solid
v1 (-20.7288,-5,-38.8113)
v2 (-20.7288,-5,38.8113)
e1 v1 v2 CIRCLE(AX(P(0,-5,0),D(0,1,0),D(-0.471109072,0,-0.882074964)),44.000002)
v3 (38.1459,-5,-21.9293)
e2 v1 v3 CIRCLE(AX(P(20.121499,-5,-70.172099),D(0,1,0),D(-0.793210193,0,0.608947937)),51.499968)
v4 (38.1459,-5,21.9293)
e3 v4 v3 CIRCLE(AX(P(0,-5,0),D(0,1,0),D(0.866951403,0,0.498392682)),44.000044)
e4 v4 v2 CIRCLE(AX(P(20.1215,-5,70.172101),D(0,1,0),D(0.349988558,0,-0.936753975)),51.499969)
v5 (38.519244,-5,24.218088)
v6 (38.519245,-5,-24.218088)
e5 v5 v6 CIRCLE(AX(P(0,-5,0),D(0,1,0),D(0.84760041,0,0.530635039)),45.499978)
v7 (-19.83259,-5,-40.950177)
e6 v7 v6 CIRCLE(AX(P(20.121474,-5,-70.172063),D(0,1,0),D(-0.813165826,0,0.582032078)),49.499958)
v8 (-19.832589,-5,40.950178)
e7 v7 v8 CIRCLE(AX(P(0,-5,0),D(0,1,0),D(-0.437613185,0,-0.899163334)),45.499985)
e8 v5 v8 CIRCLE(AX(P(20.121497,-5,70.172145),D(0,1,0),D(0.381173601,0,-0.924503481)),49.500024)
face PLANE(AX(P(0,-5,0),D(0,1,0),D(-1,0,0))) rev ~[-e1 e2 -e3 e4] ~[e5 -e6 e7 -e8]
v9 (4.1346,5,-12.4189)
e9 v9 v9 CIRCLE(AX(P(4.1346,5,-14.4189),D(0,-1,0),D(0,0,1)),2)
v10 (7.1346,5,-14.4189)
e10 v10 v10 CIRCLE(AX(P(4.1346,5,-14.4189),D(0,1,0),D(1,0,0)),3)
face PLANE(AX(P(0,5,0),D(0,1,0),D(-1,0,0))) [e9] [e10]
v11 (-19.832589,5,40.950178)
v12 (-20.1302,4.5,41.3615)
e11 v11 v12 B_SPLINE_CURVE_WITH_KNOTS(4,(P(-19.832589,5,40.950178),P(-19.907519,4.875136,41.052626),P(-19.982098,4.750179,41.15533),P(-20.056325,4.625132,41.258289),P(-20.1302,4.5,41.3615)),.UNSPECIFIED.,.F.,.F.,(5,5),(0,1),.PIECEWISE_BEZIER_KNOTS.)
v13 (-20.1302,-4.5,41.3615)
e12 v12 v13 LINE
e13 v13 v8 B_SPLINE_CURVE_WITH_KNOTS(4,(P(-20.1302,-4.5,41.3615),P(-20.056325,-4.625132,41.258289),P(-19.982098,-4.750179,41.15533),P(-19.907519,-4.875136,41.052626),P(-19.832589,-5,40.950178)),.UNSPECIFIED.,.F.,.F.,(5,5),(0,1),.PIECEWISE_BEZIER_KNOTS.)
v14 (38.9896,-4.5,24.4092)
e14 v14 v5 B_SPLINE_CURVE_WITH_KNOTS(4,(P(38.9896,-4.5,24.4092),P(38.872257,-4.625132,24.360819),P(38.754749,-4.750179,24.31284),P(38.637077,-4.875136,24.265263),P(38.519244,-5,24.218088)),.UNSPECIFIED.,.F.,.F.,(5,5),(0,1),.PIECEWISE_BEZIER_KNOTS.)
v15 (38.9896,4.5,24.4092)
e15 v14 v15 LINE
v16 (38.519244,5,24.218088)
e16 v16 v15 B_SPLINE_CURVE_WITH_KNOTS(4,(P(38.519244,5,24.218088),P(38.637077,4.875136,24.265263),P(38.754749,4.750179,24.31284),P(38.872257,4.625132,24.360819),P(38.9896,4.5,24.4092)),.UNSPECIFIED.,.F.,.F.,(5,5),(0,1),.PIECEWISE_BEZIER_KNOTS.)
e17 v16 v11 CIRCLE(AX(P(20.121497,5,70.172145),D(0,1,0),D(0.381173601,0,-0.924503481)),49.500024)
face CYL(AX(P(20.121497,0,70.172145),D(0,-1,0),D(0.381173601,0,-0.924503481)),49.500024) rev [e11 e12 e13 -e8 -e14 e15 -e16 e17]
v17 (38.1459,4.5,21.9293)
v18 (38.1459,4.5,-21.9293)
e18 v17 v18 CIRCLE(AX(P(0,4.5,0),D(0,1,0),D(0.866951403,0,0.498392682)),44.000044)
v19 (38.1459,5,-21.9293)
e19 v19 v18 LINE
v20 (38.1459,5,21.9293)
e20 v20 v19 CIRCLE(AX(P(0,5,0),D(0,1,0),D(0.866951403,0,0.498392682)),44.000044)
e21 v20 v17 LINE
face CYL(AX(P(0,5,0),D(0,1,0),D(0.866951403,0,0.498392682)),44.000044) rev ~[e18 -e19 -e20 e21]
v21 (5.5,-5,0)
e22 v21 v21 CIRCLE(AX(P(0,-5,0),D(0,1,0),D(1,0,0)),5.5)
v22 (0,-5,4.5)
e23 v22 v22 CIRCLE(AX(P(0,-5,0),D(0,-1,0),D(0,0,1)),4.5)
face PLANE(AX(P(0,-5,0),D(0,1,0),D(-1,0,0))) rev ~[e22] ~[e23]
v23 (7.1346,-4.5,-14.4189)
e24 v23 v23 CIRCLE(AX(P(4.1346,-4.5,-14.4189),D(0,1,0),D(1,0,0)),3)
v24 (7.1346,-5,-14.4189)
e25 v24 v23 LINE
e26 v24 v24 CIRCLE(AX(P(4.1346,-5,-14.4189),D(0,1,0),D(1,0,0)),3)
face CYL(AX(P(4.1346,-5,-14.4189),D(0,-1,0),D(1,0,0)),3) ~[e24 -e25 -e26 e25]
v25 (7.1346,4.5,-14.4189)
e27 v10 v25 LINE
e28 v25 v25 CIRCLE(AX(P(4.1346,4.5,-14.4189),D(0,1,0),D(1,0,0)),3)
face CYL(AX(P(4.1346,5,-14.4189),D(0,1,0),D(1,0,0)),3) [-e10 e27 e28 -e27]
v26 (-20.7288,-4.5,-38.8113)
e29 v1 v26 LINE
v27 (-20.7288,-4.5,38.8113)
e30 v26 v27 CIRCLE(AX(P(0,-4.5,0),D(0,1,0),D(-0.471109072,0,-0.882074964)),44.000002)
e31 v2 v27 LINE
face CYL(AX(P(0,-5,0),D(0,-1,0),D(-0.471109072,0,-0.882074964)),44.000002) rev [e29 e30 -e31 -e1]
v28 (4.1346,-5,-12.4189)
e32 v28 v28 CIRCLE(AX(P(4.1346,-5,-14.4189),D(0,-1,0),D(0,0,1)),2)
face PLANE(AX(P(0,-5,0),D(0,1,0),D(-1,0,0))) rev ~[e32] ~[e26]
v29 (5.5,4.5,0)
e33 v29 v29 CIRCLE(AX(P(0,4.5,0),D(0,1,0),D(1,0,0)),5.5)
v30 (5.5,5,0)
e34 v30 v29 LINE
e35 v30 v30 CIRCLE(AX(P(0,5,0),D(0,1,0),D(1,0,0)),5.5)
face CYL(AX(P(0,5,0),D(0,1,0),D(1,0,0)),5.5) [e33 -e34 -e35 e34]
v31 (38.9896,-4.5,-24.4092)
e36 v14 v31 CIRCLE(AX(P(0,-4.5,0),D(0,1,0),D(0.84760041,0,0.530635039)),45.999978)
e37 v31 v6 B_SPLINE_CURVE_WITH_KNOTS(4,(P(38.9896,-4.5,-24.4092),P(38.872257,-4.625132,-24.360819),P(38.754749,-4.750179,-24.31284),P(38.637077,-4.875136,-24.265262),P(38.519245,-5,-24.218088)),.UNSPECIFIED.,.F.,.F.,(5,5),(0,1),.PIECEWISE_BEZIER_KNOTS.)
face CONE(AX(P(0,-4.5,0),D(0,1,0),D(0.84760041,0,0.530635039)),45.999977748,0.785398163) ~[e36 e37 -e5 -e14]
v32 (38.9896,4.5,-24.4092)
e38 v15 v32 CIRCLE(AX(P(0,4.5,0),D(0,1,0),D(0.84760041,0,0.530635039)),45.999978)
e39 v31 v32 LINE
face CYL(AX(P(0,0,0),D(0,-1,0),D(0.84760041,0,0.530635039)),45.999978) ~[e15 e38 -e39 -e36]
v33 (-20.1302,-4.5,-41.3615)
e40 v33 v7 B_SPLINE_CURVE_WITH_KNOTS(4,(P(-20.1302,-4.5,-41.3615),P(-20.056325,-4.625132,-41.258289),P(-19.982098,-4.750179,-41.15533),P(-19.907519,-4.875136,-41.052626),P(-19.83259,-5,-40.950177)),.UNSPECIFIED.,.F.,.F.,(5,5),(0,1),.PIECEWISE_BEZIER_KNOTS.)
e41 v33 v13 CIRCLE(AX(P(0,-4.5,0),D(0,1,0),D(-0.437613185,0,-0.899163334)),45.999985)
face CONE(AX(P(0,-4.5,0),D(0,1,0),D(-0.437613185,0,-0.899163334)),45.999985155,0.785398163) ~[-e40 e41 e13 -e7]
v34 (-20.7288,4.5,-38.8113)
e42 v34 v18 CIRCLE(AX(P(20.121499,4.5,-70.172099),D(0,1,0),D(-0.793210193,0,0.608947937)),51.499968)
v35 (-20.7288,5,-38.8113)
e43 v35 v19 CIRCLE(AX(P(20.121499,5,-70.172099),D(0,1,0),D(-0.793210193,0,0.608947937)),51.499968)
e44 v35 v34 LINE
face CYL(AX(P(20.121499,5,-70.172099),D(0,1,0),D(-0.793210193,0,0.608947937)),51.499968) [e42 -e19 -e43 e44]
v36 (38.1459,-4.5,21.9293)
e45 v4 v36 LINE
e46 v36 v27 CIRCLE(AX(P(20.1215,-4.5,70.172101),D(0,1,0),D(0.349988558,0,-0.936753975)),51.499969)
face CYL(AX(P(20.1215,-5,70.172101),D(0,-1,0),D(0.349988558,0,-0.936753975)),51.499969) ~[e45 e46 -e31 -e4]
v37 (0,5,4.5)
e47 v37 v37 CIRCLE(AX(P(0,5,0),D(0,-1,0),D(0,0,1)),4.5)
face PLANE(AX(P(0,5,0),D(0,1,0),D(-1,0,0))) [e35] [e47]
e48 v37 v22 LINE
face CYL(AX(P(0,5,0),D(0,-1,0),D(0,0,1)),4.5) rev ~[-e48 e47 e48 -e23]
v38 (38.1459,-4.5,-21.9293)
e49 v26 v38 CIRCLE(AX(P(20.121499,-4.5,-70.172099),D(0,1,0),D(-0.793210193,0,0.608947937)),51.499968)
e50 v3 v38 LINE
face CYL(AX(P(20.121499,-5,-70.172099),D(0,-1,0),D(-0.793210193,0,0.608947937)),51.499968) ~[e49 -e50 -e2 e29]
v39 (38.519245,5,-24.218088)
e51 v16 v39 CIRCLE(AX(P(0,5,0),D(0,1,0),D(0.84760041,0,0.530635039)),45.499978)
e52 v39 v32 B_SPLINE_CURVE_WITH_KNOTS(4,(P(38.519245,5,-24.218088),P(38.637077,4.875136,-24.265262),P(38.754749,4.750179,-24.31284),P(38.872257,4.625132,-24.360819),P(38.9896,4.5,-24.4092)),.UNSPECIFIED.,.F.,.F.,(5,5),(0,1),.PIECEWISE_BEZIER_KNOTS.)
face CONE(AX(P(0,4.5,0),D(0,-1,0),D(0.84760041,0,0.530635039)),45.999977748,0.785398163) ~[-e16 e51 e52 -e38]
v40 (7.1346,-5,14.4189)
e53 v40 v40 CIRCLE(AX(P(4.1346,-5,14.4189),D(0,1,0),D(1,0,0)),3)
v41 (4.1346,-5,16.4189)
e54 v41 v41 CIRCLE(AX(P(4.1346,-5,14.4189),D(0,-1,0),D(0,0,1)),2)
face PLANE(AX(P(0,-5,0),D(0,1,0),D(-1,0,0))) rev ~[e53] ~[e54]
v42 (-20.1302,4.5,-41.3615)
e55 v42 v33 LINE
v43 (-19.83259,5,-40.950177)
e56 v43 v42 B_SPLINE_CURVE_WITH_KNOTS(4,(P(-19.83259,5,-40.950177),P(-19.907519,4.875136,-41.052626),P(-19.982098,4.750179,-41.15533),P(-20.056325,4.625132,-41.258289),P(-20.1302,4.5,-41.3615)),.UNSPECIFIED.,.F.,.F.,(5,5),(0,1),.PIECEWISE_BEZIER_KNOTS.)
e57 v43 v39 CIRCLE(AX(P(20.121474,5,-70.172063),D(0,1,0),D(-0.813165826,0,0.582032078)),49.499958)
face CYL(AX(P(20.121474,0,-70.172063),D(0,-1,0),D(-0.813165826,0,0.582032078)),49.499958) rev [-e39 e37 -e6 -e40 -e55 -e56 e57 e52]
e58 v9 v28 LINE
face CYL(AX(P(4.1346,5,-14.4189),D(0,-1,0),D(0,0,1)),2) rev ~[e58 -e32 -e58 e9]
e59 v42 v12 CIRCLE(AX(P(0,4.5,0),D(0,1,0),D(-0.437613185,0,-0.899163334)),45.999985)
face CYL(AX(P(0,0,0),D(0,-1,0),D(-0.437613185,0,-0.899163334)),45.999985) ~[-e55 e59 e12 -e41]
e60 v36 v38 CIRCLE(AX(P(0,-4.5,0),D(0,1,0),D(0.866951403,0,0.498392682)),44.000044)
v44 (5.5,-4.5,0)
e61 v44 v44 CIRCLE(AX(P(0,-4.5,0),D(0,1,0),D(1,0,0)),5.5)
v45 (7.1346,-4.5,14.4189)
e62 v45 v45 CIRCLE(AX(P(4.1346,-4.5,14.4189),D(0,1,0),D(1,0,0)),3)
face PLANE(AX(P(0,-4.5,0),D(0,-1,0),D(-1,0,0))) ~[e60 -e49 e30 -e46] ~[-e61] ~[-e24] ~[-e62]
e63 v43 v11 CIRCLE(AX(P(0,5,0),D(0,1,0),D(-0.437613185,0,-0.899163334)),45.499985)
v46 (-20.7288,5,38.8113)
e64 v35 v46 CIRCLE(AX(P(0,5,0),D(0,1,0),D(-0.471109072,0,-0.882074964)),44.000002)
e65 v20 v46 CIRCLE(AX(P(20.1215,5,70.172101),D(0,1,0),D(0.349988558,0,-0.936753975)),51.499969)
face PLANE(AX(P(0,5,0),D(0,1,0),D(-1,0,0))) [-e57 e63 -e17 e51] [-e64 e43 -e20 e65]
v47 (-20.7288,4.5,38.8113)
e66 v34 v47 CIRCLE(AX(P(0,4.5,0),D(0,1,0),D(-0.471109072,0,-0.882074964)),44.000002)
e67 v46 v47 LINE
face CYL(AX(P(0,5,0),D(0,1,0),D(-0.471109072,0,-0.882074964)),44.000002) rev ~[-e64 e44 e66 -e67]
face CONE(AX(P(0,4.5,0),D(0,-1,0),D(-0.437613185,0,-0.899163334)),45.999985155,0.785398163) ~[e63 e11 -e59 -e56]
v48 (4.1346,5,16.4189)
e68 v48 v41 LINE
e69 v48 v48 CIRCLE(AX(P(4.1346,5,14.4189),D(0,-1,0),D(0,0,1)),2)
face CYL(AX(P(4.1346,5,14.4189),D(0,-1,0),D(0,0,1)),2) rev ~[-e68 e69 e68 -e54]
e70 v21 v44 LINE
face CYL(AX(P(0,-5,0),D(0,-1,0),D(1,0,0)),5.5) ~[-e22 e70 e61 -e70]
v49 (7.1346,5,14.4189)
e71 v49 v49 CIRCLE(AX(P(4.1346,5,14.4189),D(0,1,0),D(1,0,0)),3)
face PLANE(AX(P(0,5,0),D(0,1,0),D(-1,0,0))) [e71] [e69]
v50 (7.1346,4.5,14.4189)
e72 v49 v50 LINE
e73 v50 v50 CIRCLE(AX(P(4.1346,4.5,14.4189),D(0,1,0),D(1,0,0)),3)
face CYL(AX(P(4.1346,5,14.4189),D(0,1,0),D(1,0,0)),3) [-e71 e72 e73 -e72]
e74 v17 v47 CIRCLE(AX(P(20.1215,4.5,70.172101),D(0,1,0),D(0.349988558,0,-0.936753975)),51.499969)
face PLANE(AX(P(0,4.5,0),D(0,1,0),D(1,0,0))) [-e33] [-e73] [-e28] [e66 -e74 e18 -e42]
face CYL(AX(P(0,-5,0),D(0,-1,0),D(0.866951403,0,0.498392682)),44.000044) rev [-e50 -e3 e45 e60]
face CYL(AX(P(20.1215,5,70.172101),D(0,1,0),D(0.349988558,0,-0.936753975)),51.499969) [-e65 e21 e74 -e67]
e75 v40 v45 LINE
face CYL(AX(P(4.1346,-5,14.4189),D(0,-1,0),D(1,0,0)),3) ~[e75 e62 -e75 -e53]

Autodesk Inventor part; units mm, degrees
ref_plane "YZ Plane" through (0, 0, 0) normal (1, 0, 0) x (0, 1, 0)
ref_plane "XZ Plane" through (0, 0, 0) normal (0, 1, 0) x (-1, 0, 0)
ref_plane "XY Plane" through (0, 0, 0) normal (0, 0, 1) x (1, 0, 0)
sketch "Sketch1" plane through (0, 0, 0) normal (0, 1, 0) x (-1, 0, 0)
  arc A0 (-38.9896, 24.4092) -> (-38.9896, -24.4092) centre (0, 0) ccw
  arc A1 (-38.9896, 24.4092) -> (20.1302, 41.3615) centre (-20.1215, 70.1721) ccw
  line L0 (0, 0) -> (-20.1215, 70.1721) construction
  line L1 (102.2, 0) -> (-102.2, 0) construction
  circle A2 centre (0, 0) radius 73 construction
  arc A3 (20.1302, -41.3615) -> (-38.9896, -24.4092) centre (-20.1215, -70.1721) ccw
  line L2 (20.1302, 41.3615) -> (20.1302, -41.3615) construction
  line L3 (-38.9896, 24.4092) -> (-38.9896, -24.4092) construction
  arc A4 (-12.6793, 44.218) -> (-38.9896, 24.4092) centre (0, 0) ccw construction
  arc A5 (20.1302, 41.3615) -> (-12.6793, 44.218) centre (0, 0) ccw construction
  arc A6 (20.1302, -41.3615) -> (20.1302, 41.3615) centre (0, 0) ccw
  arc A7 (-38.9896, -24.4092) -> (20.1302, -41.3615) centre (0, 0) ccw construction
  dimension "d3" = 146
  dimension "d0" = 92
  dimension "d1" = 49.5
  dimension "d2" = 74
extrude "Extrusion1" add sketch "Sketch1" along normal mid plane 10
sketch "Sketch6" plane through (0, 5, 0) normal (0, 1, 0) x (1, 0, 0)
  arc A0 (-20.1302, 41.3615) -> (-20.1302, -41.3615) centre (0, 0) ccw projected
  arc A1 (38.9896, -24.4092) -> (-20.1302, -41.3615) centre (20.1215, -70.1721) ccw projected
  arc A2 (38.9896, -24.4092) -> (38.9896, 24.4092) centre (0, 0) ccw projected
  arc A3 (-20.1302, 41.3615) -> (38.9896, 24.4092) centre (20.1215, 70.1721) ccw projected
  line L0 (0, 0) -> (20.1215, -70.1721) construction
  line L1 (0, 0) -> (20.1215, 70.1721) construction
  point P0 (4.1346, -14.4189)
  point P1 (4.1346, 14.4189)
  dimension "d15" = 15
hole "Hole1" at (4.1346, 5, 14.4189) at (4.1346, 5, -14.4189) direction (0, -1, 0) diameter 4 end through all
sketch "Sketch7" plane through (0, 5, 0) normal (0, 1, 0) x (1, 0, 0)
  circle A0 centre (4.1346, -14.4189) radius 2 projected
  circle A1 centre (4.1346, 14.4189) radius 2 projected
  arc A2 (-20.1302, 41.3615) -> (-20.1302, -41.3615) centre (0, 0) ccw projected
  arc A3 (38.9896, -24.4092) -> (-20.1302, -41.3615) centre (20.1215, -70.1721) ccw projected
  arc A4 (38.9896, -24.4092) -> (38.9896, 24.4092) centre (0, 0) ccw projected
  arc A5 (-20.1302, 41.3615) -> (38.9896, 24.4092) centre (20.1215, 70.1721) ccw projected
  arc A6 (-20.7288, 38.8113) -> (-20.7288, -38.8113) centre (0, 0) ccw
  arc A7 (-20.7288, 38.8113) -> (38.1459, 21.9293) centre (20.1215, 70.1721) ccw
  arc A8 (38.1459, -21.9293) -> (38.1459, 21.9293) centre (0, 0) ccw
  arc A9 (38.1459, -21.9293) -> (-20.7288, -38.8113) centre (20.1215, -70.1721) ccw
  circle A10 centre (4.1346, -14.4189) radius 3
  circle A11 centre (4.1346, 14.4189) radius 3
  circle A12 centre (0, 0) radius 5.5
  dimension "d23" = 2
  dimension "d24" = 6
  dimension "d25" = 6
  dimension "d35" = 11
extrude "Extrusion3" cut sketch "Sketch7" against normal blind 0.5 contours A7 A8 A9 A6
hole "Hole2" at (0, 5, 0) direction (0, -1, 0) diameter 9 end through all
chamfer "Chamfer2" distance 0.5 angle 45 2 edges at (-46, 5, 0) (46, 5, 0)
mirror "Mirror2" about plane through (0, 0, 0) normal (0, 1, 0) of "Extrusion3"
chamfer "Chamfer3" distance 0.5 angle 45 2 edges at (46, -5, 0) (-46, -5, 0)
properties part number "Disk"
